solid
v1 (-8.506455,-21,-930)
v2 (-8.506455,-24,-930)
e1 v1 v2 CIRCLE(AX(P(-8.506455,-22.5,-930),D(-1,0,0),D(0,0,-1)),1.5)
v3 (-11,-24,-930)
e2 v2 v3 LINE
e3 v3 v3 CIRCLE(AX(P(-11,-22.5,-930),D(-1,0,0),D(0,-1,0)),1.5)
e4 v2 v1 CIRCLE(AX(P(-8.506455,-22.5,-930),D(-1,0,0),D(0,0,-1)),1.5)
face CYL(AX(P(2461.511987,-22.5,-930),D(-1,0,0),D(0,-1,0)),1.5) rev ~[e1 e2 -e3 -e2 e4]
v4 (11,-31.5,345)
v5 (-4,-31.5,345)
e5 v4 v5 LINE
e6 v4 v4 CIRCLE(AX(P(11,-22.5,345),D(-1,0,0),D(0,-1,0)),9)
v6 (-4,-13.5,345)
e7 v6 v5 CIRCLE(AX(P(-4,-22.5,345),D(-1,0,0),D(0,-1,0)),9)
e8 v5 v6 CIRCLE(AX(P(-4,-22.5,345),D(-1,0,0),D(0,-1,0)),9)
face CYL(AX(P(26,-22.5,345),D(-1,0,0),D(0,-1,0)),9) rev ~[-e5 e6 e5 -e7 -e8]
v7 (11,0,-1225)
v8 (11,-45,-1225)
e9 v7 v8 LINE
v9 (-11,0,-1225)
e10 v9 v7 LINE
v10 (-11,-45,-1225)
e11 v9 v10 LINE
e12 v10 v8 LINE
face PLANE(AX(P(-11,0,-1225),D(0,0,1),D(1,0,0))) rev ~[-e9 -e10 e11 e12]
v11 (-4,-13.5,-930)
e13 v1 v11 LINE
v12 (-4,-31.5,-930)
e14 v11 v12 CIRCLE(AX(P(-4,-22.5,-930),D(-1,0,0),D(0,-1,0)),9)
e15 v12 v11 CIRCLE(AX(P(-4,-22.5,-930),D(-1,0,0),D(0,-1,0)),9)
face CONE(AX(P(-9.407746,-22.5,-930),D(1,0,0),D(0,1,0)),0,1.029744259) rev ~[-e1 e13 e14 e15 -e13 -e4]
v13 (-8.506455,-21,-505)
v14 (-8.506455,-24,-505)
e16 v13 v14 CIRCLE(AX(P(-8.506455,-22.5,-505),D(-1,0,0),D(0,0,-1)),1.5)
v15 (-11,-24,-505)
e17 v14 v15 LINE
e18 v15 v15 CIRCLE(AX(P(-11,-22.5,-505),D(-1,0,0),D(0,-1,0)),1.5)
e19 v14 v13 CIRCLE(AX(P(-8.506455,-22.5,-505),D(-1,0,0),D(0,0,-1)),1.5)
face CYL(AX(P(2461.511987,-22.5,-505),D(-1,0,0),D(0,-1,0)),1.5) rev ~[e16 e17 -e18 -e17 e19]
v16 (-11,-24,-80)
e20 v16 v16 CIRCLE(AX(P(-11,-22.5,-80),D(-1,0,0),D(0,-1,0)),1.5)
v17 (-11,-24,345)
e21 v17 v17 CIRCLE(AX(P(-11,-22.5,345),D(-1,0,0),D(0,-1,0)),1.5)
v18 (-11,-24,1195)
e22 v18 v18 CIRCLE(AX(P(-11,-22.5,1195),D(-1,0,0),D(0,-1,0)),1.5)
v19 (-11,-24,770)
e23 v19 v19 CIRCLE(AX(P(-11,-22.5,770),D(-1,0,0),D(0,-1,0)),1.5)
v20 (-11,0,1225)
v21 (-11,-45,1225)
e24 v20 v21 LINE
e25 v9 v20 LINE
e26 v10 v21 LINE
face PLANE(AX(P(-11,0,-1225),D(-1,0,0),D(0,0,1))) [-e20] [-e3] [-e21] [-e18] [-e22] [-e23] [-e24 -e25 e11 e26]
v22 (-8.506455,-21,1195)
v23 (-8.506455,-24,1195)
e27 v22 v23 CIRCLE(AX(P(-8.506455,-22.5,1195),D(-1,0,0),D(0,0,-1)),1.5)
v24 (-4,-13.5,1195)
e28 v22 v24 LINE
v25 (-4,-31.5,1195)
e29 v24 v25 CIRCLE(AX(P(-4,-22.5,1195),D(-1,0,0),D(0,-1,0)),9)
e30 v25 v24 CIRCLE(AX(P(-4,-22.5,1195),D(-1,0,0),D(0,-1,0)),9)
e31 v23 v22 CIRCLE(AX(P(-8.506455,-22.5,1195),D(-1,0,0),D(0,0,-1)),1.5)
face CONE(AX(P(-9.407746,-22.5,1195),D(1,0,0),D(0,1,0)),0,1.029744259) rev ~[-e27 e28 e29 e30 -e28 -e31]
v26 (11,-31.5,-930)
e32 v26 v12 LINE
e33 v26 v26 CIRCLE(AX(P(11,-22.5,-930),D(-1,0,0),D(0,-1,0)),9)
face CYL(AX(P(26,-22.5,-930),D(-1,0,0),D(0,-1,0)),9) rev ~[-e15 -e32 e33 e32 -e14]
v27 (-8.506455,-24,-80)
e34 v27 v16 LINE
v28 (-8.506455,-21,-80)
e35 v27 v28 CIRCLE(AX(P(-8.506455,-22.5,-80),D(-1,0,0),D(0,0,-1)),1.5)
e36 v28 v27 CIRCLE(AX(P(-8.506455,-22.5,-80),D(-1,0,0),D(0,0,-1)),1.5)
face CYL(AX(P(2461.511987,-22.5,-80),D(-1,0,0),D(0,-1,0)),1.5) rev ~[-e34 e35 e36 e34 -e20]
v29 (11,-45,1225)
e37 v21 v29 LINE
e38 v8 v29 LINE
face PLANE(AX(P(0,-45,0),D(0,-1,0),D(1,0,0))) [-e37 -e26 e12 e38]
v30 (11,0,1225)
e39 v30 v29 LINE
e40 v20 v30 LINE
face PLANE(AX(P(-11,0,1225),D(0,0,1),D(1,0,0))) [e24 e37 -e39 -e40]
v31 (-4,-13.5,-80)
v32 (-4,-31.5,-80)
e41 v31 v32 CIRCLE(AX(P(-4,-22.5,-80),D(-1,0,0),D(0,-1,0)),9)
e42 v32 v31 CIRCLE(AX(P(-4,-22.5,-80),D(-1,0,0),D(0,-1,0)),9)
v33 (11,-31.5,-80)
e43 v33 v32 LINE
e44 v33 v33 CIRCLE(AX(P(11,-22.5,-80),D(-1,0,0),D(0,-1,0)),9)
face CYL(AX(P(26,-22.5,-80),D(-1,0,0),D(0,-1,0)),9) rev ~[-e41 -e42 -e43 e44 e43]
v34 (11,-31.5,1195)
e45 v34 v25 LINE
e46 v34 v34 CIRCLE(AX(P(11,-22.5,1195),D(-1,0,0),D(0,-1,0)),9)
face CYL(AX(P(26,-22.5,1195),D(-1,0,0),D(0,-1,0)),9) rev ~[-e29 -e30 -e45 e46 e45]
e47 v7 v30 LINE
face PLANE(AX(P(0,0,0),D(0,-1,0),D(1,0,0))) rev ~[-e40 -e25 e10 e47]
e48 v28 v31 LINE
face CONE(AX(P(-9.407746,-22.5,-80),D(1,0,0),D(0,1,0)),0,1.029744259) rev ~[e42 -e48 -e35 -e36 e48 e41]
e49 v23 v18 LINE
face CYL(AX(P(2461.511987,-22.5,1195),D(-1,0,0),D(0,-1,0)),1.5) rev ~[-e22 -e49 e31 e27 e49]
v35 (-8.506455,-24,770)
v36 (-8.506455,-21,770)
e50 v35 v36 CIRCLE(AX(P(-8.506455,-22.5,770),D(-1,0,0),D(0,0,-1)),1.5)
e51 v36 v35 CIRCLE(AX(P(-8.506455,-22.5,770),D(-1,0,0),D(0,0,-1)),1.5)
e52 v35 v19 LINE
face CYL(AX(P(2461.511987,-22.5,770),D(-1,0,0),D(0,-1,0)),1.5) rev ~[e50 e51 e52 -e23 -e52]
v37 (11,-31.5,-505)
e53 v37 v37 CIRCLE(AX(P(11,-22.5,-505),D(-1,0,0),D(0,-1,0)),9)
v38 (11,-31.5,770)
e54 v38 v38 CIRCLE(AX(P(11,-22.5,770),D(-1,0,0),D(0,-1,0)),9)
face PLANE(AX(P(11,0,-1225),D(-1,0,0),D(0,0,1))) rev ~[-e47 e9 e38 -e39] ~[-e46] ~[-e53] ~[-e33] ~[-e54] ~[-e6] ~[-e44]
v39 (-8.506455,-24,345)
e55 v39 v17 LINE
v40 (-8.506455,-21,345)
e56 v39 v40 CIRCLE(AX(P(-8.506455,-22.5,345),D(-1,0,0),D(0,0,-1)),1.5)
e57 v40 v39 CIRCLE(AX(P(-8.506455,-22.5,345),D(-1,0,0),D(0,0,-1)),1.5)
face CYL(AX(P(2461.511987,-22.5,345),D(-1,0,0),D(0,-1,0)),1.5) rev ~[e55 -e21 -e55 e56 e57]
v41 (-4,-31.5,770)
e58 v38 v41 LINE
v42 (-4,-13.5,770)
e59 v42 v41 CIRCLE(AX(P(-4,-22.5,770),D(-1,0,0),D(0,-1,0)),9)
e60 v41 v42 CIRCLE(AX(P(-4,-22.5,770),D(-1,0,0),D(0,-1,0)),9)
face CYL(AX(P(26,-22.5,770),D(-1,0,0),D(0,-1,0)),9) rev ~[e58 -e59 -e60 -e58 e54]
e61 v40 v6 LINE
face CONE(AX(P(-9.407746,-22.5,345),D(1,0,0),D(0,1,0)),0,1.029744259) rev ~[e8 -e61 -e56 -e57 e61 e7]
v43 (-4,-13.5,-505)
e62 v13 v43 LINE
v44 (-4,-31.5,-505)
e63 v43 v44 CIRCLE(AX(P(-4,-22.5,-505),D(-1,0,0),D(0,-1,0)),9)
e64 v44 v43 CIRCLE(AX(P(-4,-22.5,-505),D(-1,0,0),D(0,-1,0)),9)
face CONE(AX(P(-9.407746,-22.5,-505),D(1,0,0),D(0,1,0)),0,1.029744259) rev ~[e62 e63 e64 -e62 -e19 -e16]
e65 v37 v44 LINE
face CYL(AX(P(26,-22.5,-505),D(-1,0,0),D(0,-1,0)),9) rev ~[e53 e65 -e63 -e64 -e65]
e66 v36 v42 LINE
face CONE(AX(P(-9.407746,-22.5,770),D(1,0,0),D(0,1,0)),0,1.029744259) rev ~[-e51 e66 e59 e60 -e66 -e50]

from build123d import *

# Parameters (mm, degrees)
F0_W     = 22
F0_H     = 2450
F1_DEPTH = 45
F3_D     = 3
F4_D     = 18
F4_DEPTH = 15
F4_TIP   = 5.4077455712


with BuildPart() as f1:
    # F0 (on Front) → F1 (new body)
    with BuildSketch(Plane.XZ):
        Rectangle(F0_W, F0_H)
    extrude(amount=F1_DEPTH)

    # F3 (through all)
    with Locations(Plane.YZ.offset(11)):
        with Locations((-22.5, 1195), (-22.5, 770), (-22.5, 345), (-22.5, -80), (-22.5, -505), (-22.5, -930)):
            Hole(F3_D / 2)

    # F4
    with Locations(Plane.YZ.offset(11)):
        with Locations((-22.5, 1195), (-22.5, 770), (-22.5, 345), (-22.5, -80), (-22.5, -505), (-22.5, -930)):
            Hole(F4_D / 2, depth=F4_DEPTH)
            with Locations((0, 0, -(F4_DEPTH + F4_TIP / 2))):  # 118° drill point
                Cone(0, F4_D / 2, F4_TIP, mode=Mode.SUBTRACT)


solid = f1.part
